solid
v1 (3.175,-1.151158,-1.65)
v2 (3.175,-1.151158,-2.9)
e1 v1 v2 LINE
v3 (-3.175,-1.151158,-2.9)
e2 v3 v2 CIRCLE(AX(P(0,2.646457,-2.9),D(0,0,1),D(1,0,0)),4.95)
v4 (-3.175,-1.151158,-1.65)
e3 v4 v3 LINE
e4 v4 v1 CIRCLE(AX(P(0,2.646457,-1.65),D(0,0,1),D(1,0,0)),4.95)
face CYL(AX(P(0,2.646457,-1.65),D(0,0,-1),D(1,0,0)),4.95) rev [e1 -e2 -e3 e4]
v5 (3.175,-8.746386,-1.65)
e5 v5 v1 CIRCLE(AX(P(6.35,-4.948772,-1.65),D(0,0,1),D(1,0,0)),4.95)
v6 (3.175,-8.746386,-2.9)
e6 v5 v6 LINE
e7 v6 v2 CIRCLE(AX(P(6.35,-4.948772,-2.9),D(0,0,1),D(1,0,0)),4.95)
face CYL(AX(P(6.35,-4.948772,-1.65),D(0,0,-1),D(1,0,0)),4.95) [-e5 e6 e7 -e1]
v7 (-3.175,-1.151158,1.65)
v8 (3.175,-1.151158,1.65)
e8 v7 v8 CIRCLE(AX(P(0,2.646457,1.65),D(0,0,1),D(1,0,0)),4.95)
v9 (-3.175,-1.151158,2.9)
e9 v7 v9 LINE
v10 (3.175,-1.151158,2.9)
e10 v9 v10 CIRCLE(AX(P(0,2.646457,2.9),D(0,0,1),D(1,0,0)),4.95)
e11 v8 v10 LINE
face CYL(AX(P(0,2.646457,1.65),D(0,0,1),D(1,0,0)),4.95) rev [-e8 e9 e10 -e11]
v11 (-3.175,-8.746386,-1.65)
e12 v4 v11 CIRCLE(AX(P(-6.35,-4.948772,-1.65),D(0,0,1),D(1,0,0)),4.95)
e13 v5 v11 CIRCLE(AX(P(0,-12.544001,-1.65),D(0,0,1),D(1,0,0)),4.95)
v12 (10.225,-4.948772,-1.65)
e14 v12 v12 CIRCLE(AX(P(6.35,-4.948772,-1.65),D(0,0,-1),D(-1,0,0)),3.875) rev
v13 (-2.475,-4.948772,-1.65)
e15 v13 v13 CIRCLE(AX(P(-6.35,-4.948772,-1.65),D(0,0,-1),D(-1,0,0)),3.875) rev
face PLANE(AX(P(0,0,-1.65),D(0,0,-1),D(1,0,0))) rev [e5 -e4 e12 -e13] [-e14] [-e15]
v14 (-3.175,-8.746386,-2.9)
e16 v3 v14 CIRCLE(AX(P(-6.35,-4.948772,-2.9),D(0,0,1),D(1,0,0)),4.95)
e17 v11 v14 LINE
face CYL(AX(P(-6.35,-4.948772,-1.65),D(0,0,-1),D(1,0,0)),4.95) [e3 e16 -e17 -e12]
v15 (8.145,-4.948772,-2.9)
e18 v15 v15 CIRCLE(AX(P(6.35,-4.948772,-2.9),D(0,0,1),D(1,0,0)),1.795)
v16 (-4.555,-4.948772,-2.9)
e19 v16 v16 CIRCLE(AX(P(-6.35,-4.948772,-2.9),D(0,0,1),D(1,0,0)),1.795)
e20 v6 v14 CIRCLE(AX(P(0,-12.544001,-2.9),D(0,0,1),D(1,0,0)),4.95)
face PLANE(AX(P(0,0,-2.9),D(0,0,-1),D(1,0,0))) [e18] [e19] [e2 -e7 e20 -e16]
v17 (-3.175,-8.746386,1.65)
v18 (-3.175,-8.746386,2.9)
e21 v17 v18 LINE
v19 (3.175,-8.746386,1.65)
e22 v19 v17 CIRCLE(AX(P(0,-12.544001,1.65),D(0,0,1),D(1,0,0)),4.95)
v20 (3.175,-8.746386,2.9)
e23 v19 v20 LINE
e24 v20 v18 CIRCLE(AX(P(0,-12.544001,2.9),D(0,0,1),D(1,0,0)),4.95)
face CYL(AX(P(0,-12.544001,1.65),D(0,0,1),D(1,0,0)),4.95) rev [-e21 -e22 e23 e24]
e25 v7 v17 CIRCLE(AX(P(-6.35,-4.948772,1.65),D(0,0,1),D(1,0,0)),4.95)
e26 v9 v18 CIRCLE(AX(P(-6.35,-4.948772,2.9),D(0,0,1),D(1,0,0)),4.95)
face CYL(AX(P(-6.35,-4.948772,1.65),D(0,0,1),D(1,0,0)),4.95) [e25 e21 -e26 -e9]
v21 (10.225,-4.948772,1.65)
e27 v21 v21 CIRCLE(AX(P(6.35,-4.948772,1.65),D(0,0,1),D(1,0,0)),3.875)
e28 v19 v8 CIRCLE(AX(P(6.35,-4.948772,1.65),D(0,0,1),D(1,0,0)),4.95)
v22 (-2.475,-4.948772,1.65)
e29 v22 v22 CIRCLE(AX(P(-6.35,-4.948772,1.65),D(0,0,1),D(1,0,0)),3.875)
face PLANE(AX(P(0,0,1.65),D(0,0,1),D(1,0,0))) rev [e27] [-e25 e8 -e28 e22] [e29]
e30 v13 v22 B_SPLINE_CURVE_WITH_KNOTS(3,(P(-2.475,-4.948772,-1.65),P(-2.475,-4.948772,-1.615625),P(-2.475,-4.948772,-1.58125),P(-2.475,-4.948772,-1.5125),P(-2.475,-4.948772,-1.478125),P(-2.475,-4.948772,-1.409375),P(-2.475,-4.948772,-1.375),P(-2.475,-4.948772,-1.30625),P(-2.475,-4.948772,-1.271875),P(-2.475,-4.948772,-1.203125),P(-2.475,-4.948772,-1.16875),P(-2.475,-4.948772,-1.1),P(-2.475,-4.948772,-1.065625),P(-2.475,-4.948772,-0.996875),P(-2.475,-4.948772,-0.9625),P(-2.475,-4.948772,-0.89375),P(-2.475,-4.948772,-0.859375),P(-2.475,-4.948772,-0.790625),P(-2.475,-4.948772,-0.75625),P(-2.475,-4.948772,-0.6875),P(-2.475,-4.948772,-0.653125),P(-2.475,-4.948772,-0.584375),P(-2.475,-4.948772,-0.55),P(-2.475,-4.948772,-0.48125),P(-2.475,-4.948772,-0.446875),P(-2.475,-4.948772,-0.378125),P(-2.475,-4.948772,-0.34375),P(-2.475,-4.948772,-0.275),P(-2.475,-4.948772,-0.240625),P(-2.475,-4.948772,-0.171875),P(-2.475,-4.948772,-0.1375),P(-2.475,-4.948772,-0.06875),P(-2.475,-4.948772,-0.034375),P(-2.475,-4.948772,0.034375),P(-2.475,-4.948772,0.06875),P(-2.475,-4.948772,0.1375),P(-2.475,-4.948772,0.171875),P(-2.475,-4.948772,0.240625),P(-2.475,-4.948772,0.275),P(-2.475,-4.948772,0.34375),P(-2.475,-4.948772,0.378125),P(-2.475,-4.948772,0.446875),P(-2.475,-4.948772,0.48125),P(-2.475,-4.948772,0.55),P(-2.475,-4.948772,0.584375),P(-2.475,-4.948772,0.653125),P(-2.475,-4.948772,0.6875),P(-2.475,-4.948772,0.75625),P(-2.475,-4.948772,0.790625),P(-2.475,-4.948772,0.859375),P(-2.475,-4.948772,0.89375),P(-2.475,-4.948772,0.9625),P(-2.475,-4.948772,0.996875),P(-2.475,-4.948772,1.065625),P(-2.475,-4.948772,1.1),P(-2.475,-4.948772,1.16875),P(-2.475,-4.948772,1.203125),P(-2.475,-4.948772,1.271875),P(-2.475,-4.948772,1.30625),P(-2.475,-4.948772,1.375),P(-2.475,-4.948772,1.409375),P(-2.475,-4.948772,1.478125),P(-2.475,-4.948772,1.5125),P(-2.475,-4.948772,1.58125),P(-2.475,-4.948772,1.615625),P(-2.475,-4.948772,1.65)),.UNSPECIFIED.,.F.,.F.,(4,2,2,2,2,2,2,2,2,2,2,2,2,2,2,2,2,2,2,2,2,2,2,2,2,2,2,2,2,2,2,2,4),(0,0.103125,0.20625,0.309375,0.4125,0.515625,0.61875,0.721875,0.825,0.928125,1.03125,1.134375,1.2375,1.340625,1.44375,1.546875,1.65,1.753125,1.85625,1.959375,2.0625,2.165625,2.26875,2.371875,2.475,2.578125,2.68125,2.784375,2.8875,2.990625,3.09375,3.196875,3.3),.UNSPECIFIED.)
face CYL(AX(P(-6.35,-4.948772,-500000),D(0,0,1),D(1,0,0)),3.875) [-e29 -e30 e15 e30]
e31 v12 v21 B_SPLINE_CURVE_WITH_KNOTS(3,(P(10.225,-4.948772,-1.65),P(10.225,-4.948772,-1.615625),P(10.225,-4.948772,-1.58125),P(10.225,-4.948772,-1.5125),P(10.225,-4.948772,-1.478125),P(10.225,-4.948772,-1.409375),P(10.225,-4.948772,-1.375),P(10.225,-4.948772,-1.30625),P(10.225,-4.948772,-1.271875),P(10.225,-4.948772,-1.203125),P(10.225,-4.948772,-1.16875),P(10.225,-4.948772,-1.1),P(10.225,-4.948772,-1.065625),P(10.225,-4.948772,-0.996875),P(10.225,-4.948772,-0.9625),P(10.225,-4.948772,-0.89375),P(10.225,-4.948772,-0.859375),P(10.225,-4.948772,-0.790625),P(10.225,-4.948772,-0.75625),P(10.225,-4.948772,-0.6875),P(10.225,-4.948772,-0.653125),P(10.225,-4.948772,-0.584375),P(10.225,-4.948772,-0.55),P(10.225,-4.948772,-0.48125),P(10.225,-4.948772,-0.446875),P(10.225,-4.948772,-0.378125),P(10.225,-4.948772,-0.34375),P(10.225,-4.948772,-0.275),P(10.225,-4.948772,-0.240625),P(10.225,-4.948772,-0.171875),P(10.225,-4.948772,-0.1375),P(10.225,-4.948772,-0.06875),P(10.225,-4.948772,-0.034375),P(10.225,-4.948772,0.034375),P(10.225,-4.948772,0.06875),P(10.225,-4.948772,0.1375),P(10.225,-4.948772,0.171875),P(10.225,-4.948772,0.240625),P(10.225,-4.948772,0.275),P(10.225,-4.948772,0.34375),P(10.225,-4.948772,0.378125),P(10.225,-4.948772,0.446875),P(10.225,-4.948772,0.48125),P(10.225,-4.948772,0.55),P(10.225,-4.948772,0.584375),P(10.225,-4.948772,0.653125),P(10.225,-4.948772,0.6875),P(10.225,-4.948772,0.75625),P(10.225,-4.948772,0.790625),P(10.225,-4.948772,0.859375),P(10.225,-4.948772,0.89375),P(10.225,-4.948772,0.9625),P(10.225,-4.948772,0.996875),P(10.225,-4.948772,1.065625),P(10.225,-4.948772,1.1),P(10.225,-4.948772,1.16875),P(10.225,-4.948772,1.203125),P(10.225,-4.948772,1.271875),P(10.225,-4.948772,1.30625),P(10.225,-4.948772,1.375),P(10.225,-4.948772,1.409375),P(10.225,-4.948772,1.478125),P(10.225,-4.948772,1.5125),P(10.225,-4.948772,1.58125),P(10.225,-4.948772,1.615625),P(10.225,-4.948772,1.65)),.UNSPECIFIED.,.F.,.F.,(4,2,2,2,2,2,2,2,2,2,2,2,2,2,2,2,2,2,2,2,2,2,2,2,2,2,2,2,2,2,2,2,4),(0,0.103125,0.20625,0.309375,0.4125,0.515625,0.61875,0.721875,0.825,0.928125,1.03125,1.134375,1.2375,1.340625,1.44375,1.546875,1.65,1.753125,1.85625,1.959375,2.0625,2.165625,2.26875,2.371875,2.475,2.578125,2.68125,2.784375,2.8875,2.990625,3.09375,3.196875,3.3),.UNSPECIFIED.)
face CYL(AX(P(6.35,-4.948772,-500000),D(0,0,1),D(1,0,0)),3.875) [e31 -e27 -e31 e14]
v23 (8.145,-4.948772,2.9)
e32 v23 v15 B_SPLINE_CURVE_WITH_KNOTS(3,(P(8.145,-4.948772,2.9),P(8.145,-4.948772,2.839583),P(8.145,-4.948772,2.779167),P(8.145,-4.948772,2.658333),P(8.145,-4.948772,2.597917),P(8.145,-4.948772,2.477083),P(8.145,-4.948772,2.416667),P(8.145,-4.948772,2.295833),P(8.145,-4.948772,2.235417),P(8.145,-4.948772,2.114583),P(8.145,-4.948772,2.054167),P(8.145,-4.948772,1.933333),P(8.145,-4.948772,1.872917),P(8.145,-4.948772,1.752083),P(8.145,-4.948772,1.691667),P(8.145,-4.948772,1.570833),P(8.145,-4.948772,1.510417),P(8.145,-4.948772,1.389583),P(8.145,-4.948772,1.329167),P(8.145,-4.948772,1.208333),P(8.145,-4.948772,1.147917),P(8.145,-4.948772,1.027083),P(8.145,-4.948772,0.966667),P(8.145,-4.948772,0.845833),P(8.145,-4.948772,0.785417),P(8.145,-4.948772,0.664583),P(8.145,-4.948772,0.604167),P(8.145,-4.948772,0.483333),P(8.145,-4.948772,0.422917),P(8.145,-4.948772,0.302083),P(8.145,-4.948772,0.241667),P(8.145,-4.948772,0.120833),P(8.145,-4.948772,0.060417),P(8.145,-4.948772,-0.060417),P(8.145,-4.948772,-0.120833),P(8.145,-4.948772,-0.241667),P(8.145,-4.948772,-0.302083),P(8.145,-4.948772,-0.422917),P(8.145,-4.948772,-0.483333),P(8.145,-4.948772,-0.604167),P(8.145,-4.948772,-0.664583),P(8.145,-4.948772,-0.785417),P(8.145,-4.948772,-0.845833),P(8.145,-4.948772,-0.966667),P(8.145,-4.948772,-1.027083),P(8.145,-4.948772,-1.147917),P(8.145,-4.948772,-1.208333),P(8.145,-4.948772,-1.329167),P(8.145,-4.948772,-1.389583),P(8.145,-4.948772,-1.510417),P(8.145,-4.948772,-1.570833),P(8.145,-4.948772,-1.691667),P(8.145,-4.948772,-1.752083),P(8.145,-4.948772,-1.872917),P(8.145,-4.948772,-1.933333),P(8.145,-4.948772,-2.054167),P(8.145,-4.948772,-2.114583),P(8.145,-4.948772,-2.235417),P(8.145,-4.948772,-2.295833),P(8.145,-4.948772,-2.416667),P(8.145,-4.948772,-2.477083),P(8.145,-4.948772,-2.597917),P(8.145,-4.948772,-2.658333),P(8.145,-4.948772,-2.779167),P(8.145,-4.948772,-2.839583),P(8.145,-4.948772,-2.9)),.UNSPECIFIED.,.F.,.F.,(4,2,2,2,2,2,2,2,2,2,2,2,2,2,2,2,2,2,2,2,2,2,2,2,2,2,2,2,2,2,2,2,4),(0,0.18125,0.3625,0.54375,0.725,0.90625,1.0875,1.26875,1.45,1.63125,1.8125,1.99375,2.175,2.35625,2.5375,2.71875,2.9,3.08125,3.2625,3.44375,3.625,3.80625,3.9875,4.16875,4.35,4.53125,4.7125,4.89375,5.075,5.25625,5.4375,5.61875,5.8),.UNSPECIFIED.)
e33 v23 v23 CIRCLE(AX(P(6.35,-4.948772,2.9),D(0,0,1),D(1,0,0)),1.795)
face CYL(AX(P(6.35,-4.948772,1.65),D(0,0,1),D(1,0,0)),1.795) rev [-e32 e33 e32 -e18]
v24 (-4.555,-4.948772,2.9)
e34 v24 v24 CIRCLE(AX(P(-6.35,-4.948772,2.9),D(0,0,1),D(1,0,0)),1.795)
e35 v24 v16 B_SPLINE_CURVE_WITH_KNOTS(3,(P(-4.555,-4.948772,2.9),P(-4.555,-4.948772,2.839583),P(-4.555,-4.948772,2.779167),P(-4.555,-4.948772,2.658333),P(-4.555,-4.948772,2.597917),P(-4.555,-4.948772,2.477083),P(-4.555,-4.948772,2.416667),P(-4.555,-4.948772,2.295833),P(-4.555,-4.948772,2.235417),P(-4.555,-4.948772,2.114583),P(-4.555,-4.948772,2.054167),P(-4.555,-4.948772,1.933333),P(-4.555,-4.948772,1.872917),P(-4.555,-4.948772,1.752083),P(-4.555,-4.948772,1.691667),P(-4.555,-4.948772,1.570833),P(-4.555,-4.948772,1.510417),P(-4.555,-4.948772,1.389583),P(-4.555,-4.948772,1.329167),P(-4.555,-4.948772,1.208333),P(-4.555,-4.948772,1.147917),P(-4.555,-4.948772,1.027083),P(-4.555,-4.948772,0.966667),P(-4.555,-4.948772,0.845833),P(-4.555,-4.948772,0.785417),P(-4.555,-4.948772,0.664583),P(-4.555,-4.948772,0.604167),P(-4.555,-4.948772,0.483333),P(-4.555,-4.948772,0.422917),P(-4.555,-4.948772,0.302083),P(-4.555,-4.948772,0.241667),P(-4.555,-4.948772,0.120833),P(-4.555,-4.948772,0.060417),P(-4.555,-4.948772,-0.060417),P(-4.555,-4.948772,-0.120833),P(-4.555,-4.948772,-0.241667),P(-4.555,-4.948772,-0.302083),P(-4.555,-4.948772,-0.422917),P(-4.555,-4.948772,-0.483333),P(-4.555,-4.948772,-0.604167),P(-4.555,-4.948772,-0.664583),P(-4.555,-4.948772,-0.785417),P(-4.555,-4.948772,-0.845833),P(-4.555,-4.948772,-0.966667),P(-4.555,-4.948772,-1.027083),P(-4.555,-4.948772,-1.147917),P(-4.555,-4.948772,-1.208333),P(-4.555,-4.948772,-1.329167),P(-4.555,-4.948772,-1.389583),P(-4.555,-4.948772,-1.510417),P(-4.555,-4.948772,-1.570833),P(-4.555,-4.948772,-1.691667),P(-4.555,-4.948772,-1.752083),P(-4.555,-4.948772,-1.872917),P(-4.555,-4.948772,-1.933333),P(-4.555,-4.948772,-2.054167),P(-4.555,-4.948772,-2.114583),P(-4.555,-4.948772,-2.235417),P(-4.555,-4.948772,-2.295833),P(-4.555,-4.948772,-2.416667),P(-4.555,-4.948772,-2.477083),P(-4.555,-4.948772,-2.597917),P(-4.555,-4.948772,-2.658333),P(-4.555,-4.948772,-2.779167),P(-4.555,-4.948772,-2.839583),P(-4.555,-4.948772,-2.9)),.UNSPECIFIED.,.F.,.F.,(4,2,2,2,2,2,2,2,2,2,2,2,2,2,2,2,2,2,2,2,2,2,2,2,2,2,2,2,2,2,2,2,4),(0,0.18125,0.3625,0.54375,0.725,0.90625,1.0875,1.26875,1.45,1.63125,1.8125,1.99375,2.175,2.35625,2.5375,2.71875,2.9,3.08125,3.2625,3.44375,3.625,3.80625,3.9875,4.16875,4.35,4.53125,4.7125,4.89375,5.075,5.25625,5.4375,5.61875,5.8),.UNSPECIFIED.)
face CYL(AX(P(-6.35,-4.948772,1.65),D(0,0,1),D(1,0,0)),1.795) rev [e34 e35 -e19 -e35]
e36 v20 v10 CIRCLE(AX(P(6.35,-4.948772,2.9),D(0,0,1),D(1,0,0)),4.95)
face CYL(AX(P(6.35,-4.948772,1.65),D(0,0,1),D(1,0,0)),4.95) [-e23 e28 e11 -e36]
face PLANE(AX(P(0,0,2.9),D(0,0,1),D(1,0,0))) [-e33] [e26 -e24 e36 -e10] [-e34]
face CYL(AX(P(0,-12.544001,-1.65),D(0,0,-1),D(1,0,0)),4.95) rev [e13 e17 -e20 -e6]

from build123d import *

# Parameters (mm, degrees)
SKETCH_4_R           = 3.875
SKETCH_4_R_2         = 1.795
EXTRUDE_3_DEPTH      = 1.25
EXTRUDE_4_DEPTH      = 1.65
EXTRUDE_4_DEPTH_BACK = 2.9
SKETCH_1_R           = 3.875
SKETCH_1_R_2         = 1.795


with BuildPart() as part:
    # Эскиз4 → Бобышка-Вытянуть3 (new body)
    # profile 1 of 3: a face of its own
    with BuildSketch(Plane.XY.offset(2.9)):
        with BuildLine():
            ThreePointArc((3.175, -8.746386407), (0, -7.594000789), (-3.175, -8.746386407))
            ThreePointArc((-3.175, -8.746386407), (-11.3, -4.948772024), (-3.175, -1.151157641))
            ThreePointArc((-3.175, -1.151157641), (0, -2.303543258), (3.175, -1.151157641))
            ThreePointArc((3.175, -1.151157641), (11.3, -4.948772024), (3.175, -8.746386407))
        make_face()
        with Locations((-6.35, -4.948772024)):
            Circle(SKETCH_4_R, mode=Mode.SUBTRACT)
        with Locations((6.35, -4.948772024)):
            Circle(SKETCH_4_R, mode=Mode.SUBTRACT)
    # profile 2 of 3: a face of its own
    with BuildSketch(Plane.XY.offset(2.9)):
        with Locations((-6.35, -4.948772024)):
            Circle(SKETCH_4_R)
        with Locations((-6.35, -4.948772024)):
            Circle(SKETCH_4_R_2, mode=Mode.SUBTRACT)
    # profile 3 of 3: a face of its own
    with BuildSketch(Plane.XY.offset(2.9)):
        with Locations((6.35, -4.948772024)):
            Circle(SKETCH_4_R)
        with Locations((6.35, -4.948772024)):
            Circle(SKETCH_4_R_2, mode=Mode.SUBTRACT)
    extrude(amount=-EXTRUDE_3_DEPTH)


with BuildPart() as body_2:
    # Зеркальное отражение6: mirrored copy
    add(part.part.mirror(Plane.XY))


with BuildPart() as part_1:
    add(part.part)

    add(body_2.part)  # Бобышка-Вытянуть4 merges body 2
    # Эскиз1 → Бобышка-Вытянуть4 (add, two sides: drawn at the far end of the back side and taken through both)
    # profile 1 of 2: a face of its own
    with BuildSketch(Plane.XY.offset(-EXTRUDE_4_DEPTH_BACK)):
        with Locations((-6.35, -4.948772024)):
            Circle(SKETCH_1_R)
        with Locations((-6.35, -4.948772024)):
            Circle(SKETCH_1_R_2, mode=Mode.SUBTRACT)
    # profile 2 of 2: a face of its own
    with BuildSketch(Plane.XY.offset(-EXTRUDE_4_DEPTH_BACK)):
        with Locations((6.35, -4.948772024)):
            Circle(SKETCH_1_R)
        with Locations((6.35, -4.948772024)):
            Circle(SKETCH_1_R_2, mode=Mode.SUBTRACT)
    extrude(amount=EXTRUDE_4_DEPTH + EXTRUDE_4_DEPTH_BACK)


solid = part_1.part
